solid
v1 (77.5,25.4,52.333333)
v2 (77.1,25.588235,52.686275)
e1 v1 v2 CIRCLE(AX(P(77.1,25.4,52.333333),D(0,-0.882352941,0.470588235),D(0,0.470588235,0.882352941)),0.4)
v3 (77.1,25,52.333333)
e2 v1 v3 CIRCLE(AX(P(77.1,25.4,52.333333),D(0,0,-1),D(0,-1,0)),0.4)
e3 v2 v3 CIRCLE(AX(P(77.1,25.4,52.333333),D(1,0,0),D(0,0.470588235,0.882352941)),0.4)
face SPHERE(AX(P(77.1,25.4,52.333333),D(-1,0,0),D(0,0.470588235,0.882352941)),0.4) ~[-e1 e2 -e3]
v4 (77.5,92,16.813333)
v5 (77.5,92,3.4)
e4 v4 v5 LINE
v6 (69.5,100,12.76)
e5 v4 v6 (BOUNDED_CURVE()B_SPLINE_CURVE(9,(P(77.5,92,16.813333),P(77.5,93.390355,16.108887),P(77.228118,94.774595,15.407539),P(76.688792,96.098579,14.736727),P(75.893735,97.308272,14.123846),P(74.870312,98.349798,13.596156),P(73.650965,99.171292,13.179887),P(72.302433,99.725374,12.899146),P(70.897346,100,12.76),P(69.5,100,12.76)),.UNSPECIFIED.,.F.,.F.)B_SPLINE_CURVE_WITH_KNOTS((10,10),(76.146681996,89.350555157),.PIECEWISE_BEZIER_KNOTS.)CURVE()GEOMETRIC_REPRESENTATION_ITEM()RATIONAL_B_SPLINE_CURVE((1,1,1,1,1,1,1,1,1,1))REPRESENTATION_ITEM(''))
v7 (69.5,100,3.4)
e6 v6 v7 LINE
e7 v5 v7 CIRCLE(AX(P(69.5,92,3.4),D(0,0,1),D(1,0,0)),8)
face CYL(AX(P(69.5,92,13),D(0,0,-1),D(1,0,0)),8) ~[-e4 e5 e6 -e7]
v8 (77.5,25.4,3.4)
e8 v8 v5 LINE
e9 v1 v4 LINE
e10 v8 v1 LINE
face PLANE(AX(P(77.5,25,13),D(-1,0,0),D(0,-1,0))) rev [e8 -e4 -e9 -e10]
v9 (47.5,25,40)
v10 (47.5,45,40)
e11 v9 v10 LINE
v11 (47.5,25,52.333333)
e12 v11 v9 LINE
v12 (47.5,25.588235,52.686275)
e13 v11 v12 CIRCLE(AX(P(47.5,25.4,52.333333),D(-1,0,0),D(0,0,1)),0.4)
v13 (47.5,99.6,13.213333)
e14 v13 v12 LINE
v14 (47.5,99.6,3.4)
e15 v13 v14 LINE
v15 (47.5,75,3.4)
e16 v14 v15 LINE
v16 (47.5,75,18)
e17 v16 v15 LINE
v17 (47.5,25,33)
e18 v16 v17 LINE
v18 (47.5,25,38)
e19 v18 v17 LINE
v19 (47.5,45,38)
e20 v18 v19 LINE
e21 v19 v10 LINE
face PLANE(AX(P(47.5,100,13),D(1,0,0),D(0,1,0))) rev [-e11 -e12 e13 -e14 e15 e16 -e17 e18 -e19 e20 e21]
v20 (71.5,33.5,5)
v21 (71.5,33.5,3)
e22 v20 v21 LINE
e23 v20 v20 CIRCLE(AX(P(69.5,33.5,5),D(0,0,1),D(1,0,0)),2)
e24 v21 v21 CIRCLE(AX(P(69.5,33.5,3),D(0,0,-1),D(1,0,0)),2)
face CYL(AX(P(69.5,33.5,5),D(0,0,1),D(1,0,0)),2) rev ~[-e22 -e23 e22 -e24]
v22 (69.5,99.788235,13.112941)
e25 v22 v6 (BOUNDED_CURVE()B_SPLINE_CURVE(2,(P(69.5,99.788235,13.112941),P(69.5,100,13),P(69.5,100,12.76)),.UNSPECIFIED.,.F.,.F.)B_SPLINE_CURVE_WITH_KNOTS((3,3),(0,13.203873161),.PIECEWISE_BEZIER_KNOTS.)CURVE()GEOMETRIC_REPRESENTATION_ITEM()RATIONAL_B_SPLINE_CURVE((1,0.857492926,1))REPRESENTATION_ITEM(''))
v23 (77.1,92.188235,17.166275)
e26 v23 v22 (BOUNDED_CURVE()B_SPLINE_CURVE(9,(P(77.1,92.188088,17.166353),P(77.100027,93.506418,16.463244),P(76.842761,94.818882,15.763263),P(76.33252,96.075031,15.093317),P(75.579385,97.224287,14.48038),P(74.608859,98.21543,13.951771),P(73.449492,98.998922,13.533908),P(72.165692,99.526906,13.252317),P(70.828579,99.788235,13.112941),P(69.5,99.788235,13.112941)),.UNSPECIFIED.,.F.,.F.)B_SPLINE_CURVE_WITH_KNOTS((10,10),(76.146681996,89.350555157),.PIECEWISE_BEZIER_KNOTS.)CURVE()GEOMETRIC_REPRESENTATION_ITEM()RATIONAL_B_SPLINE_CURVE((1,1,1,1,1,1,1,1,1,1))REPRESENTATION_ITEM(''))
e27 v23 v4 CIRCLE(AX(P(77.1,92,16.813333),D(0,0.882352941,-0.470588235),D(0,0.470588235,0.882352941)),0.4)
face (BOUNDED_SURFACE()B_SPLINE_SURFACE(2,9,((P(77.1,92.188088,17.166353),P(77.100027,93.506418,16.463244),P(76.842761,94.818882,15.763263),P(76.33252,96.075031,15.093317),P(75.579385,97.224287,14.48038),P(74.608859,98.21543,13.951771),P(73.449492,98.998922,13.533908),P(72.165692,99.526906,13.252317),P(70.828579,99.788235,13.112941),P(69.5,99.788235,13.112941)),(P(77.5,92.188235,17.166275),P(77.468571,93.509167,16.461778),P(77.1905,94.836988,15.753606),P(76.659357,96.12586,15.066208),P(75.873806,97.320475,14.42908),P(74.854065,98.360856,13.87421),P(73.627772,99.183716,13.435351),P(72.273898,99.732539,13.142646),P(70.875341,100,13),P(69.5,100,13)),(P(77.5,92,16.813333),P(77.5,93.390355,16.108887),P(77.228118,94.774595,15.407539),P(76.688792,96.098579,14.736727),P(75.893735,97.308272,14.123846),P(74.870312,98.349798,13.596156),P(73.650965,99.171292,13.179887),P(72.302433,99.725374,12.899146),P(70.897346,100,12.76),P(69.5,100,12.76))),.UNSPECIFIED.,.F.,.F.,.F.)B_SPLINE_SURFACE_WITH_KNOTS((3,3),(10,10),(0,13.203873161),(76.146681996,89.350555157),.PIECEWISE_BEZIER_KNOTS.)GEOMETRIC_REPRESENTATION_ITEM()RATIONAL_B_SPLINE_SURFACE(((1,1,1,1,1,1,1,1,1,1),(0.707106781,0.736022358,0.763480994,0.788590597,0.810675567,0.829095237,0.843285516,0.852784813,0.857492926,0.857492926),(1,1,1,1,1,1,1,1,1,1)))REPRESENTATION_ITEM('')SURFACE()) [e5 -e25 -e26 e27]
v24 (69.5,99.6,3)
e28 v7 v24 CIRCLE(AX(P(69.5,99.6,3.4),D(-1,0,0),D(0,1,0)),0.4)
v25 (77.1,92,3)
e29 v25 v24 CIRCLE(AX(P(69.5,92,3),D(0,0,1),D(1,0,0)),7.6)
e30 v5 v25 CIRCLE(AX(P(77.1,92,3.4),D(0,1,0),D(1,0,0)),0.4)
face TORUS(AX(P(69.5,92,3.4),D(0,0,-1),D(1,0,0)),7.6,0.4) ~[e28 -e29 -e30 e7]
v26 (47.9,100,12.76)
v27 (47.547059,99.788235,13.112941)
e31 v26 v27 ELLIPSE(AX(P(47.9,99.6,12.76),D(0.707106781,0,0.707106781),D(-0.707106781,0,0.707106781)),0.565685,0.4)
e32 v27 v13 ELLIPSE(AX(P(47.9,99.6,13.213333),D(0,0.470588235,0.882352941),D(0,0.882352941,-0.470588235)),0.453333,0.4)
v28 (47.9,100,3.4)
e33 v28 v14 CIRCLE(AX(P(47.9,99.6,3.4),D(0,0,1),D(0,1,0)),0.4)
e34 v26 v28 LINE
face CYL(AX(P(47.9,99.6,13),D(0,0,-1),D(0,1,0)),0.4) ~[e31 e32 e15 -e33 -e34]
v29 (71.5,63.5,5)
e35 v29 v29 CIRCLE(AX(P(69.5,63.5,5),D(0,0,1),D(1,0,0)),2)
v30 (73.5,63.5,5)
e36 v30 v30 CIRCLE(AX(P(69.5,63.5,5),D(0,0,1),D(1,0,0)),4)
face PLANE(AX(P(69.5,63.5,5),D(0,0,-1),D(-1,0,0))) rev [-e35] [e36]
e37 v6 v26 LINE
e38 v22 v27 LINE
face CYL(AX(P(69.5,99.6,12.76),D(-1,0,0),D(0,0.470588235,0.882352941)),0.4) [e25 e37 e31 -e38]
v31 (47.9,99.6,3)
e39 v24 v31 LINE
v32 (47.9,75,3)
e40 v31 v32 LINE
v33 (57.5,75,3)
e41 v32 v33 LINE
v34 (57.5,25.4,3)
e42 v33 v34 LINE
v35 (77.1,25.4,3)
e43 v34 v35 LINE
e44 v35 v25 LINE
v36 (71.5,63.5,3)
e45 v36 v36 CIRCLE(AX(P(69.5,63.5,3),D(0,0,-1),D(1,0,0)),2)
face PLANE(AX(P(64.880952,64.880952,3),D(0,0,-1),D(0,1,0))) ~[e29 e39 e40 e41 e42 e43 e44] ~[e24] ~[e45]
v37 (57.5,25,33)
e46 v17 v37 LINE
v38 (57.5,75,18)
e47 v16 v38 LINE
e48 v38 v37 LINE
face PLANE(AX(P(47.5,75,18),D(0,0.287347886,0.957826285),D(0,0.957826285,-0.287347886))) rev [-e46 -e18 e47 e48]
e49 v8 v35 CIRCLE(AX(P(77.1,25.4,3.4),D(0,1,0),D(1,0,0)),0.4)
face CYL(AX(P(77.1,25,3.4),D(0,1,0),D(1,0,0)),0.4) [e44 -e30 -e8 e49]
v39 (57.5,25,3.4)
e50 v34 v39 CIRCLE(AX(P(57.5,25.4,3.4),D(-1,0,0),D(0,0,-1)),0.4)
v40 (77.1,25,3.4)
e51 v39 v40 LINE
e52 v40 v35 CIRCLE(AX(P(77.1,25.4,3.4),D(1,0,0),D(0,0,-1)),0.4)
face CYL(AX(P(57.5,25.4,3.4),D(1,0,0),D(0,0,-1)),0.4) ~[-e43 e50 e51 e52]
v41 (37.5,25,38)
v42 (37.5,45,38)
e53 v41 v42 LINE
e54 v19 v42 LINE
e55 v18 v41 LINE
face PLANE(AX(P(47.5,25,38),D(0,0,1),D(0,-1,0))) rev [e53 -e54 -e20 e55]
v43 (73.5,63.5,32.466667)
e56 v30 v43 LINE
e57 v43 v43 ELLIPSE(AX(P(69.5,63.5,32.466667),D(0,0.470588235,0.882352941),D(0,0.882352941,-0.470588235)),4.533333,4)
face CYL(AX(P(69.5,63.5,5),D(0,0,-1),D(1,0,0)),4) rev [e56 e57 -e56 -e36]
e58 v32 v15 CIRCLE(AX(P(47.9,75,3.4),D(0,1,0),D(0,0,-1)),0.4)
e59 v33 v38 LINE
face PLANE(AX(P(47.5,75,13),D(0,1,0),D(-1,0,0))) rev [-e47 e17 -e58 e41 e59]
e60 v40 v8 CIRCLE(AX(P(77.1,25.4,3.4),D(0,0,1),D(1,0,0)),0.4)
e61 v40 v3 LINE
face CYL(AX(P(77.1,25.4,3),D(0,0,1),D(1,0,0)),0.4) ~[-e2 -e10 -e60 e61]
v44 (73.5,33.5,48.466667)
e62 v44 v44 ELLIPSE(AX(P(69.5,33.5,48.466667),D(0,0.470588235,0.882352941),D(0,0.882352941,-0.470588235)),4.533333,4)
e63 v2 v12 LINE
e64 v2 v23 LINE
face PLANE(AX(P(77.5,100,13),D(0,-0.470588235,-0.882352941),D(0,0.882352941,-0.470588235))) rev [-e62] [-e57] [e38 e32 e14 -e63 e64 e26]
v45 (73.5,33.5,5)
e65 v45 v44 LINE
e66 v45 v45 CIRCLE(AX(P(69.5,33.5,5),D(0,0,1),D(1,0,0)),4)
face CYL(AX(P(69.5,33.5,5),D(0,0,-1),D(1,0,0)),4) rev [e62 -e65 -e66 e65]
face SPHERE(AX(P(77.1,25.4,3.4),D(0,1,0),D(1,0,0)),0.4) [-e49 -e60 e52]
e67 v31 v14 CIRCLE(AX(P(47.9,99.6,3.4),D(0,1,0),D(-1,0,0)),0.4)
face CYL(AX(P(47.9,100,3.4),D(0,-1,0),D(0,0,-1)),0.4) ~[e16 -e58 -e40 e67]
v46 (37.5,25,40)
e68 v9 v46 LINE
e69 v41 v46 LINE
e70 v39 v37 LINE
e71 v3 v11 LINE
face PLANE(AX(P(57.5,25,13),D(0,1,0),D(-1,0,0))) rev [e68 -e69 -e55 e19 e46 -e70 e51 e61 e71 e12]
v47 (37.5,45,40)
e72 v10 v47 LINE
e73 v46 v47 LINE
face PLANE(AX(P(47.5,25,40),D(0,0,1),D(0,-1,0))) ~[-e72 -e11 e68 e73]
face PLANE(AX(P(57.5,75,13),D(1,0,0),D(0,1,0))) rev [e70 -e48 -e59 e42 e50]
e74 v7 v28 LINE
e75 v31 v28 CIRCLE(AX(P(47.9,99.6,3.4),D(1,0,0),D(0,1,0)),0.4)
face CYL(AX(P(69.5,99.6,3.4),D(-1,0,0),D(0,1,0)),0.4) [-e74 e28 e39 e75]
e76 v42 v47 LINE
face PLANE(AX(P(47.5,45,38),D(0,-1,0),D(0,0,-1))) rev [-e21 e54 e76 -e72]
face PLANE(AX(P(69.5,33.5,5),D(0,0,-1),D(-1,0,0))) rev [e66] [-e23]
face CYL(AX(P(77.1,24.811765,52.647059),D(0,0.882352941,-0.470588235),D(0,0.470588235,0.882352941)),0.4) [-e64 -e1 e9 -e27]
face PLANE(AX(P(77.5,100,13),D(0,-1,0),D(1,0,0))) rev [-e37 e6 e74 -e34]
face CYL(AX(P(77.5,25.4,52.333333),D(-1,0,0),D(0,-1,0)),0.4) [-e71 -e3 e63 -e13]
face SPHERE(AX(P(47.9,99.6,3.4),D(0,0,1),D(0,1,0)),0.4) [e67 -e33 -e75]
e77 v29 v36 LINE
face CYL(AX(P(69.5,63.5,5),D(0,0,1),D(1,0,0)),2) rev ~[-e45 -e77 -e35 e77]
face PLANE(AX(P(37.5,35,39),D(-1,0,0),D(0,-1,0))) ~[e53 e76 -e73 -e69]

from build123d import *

# Parameters (mm, degrees)
PAD005_DEPTH    = 30
POCKET007_DEPTH = 10
SKETCH019_W     = 20
SKETCH019_H     = 2
PAD006_DEPTH    = 10
PAD018_DEPTH    = 10
SKETCH016_R     = 2
POCKET005_DEPTH = 2.001
SKETCH017_R     = 4
POCKET006_DEPTH = 48.001
FILLET002_R     = 8
FILLET003_R     = 0.4


with BuildPart() as rearhullleftbody:
    # Sketch015 → Pad005 (new body)
    with BuildSketch(Plane.YZ):
        Polygon((0, 40), (0, 0), (75, 0), align=None)
    extrude(amount=PAD005_DEPTH)

    # Sketch018 (on Face5 of Pad005) → Pocket007 (cut)
    with BuildSketch(Plane.YZ.offset(30)):
        Polygon((0, 20), (0, 0), (50, 0), (50, 5), align=None)
    extrude(amount=-POCKET007_DEPTH, mode=Mode.SUBTRACT)

    # Sketch019 (on Face6 of Pocket007) → Pad006 (join)
    with BuildSketch(Plane.YZ.offset(30)):
        with Locations((10, 26)):
            Rectangle(SKETCH019_W, SKETCH019_H)
    extrude(amount=PAD006_DEPTH)

    # Pad006 Face2 → Pad018 (add)
    with BuildSketch(Plane(origin=(12.142857, 41.071429, 0), x_dir=(0, -1, 0), z_dir=(0, 0, -1))):
        Polygon((41.071429, 12.142857), (-33.928571, 12.142857), (-33.928571, -17.857143), (-8.928571, -17.857143), (-8.928571, -7.857143), (41.071429, -7.857143), align=None)
    extrude(amount=PAD018_DEPTH)

    # Sketch016 (on DatumPlane) → Pocket005 (cut, through all)
    with BuildSketch(Plane(origin=(0, 0, -8), x_dir=(-1, 0, 0), z_dir=(0, 0, -1))):
        with Locations((-8, 38.5)):
            Circle(SKETCH016_R)
        with Locations((-8, 8.5)):
            Circle(SKETCH016_R)
    extrude(amount=POCKET005_DEPTH, mode=Mode.SUBTRACT)

    # Sketch017 (on DatumPlane) → Pocket006 (cut, through all)
    with BuildSketch(Plane(origin=(0, 0, -8), x_dir=(-1, 0, 0), z_dir=(0, 0, -1))):
        with Locations((-8, 8.5)):
            Circle(SKETCH017_R)
        with Locations((-8, 38.5)):
            Circle(SKETCH017_R)
    extrude(amount=-POCKET006_DEPTH, mode=Mode.SUBTRACT)

    # Fillet002
    fillet002_edges = [rearhullleftbody.edges().sort_by_distance(p)[0] for p in [
        (0, 75, -5),
    ]]
    fillet(fillet002_edges, radius=FILLET002_R)

    # Fillet003
    fillet003_edges = [rearhullleftbody.edges().sort_by_distance(p)[0] for p in [
        (30, 75, -5),
        (0, 33.5, -10),
        (0, 0, 15),
        (10, 0, -10),
        (15, 0, 40),
        (19, 75, -10),
        (19, 75, 0),
        (0, 33.5, 22.133333),
        (30, 62.5, -10),
    ]]
    fillet(fillet003_edges, radius=FILLET003_R)


with BuildPart() as rearhullleftbody_1:
    # Body006 placement: moved
    add(rearhullleftbody.part.moved(Location((-77.5, 25, 13))))


with BuildPart() as part_mirroring001:
    # Part__Mirroring001: instance of RearHullLeftBody
    add(rearhullleftbody_1.part.mirror(Plane(origin=(0, 0, 0), x_dir=(0, -1, 0), z_dir=(1, 0, 0))))


solid = part_mirroring001.part
